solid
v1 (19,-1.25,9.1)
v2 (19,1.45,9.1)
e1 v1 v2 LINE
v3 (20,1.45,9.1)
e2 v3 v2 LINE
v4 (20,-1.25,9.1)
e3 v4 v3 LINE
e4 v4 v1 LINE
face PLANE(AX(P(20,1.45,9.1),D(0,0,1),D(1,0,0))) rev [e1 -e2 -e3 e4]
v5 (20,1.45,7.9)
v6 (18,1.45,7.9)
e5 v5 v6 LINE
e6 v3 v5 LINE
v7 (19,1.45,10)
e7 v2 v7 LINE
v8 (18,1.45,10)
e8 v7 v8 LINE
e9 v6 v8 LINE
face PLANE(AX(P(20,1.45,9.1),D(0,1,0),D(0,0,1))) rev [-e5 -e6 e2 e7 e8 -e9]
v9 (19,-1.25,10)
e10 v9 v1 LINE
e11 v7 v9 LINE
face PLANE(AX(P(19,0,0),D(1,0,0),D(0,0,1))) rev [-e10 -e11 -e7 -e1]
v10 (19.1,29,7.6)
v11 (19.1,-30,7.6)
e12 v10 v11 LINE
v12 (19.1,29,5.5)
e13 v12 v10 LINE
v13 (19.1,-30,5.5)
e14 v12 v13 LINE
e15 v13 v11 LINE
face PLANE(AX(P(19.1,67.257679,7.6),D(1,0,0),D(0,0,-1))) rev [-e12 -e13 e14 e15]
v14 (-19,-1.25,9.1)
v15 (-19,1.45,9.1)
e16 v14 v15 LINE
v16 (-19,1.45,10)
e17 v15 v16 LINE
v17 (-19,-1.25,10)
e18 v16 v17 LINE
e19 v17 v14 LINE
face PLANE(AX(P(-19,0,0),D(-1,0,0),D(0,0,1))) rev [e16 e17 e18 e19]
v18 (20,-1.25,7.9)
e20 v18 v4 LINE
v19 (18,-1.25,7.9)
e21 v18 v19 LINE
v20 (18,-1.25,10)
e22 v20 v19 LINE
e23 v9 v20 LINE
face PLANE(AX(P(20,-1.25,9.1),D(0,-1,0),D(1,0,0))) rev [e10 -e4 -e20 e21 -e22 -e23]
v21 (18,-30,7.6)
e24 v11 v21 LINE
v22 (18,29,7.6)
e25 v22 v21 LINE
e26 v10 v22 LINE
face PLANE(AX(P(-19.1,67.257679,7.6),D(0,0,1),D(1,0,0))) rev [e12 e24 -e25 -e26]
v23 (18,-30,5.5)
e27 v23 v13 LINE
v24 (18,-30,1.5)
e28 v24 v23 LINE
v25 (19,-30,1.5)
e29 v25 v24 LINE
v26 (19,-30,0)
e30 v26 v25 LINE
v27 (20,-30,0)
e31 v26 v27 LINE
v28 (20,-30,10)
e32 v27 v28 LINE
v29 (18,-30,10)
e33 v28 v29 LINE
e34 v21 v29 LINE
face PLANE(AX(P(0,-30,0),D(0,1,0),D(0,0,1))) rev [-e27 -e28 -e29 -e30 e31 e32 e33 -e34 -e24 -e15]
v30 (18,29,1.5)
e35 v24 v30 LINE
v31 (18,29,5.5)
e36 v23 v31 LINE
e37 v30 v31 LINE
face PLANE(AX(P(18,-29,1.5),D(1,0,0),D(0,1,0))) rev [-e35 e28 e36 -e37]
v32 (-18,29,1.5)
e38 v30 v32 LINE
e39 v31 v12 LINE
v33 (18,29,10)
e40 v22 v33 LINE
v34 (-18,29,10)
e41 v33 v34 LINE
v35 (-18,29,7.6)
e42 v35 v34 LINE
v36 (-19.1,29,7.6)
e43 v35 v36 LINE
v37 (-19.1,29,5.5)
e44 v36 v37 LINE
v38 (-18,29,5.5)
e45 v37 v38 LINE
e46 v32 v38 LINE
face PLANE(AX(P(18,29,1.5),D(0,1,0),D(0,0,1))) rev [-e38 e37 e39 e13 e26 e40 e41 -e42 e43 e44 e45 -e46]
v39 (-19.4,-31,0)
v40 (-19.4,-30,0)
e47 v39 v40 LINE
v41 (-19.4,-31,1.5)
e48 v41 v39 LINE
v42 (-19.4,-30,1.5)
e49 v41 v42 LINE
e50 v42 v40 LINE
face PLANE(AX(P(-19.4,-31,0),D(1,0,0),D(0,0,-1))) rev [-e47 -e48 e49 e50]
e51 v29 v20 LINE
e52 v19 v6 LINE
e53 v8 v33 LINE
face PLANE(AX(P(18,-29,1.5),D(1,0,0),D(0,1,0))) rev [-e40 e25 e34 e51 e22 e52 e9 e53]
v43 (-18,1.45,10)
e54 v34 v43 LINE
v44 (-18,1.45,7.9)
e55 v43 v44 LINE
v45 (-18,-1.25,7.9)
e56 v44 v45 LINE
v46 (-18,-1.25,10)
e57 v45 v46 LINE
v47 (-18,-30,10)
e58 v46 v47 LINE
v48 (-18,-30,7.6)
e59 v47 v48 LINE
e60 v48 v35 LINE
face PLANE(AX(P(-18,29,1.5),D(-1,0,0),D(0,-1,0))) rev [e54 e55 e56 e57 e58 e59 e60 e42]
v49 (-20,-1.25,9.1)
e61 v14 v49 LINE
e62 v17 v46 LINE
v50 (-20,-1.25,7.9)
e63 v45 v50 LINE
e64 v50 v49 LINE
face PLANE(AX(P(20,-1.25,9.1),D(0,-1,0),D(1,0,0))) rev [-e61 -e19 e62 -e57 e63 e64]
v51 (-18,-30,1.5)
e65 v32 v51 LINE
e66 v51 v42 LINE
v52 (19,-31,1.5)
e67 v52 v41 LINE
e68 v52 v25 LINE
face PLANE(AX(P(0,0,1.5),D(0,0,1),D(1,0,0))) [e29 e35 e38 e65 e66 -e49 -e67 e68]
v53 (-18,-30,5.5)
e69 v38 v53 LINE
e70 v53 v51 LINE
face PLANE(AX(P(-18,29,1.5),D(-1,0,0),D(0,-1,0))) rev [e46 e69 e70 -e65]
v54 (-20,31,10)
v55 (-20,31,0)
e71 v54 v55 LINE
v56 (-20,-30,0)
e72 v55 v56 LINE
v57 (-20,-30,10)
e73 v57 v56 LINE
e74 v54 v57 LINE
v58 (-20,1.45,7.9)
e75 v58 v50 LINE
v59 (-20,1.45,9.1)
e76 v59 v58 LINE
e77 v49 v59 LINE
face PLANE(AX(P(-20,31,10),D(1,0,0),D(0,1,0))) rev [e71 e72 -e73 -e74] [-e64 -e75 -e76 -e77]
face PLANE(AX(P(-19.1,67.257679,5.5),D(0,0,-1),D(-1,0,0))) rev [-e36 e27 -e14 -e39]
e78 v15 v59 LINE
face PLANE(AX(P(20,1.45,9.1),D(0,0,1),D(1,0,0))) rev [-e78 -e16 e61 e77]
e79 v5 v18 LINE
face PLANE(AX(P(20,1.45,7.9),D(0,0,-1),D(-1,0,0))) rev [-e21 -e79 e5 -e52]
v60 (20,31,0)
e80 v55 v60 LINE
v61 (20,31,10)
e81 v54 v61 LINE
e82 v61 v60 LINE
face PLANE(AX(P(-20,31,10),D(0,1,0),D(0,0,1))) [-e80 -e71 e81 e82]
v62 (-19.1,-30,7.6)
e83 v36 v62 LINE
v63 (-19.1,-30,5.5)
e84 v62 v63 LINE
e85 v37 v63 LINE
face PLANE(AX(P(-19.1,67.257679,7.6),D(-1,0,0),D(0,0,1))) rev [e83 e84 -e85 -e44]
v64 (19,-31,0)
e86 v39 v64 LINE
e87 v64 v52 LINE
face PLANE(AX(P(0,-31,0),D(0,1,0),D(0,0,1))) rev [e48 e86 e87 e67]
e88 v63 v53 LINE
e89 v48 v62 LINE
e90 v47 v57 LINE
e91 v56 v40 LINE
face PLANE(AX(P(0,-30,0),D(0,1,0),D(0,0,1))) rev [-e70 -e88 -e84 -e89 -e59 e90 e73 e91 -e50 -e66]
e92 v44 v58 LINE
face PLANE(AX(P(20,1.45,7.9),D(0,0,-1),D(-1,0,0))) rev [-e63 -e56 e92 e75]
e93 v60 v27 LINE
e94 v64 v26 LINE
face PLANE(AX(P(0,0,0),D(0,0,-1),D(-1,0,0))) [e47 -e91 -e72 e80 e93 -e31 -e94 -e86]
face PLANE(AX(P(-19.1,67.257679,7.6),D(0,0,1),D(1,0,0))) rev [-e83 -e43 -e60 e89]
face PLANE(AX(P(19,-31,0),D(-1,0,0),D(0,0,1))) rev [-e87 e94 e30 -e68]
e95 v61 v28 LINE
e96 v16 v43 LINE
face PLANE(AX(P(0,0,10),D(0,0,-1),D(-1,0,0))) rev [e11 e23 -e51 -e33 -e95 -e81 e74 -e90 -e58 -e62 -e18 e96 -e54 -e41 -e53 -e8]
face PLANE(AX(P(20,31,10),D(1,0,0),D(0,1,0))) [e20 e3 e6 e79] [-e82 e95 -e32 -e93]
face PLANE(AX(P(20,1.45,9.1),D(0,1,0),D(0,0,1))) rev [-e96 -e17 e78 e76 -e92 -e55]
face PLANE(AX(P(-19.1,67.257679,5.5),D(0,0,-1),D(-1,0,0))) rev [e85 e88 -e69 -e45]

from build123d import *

# Parameters (mm, degrees)
SKETCH_1_W          = 40
SKETCH_1_H          = 62
EXTRUDE_1_DEPTH     = 10
SKETCH_2_W          = 36
SKETCH_2_H          = 58
CUT_EXTRUDE_1_DEPTH = 8.5
SKETCH_4_W          = 36
SKETCH_4_H          = 8.5
CUT_EXTRUDE_2_DEPTH = 2
SKETCH_5_W          = 38.2
SKETCH_5_H          = 2.1
CUT_EXTRUDE_3_DEPTH = 60
SKETCH_6_W          = 40
SKETCH_6_H          = 10
CUT_EXTRUDE_4_DEPTH = 1
SKETCH_7_W          = 38.4
SKETCH_7_H          = 1.5
EXTRUDE_2_DEPTH     = 1
SKETCH_8_W          = 1.2
SKETCH_8_H          = 2.7
CUT_EXTRUDE_5_DEPTH = 52.584881506
SKETCH_10_W         = 0.9
SKETCH_10_H         = 2.7
CUT_EXTRUDE_6_DEPTH = 1


with BuildPart() as part:
    # 草图1 → 凸台-拉伸1 (new body)
    with BuildSketch(Plane.XY):
        Rectangle(SKETCH_1_W, SKETCH_1_H)
    extrude(amount=EXTRUDE_1_DEPTH)

    # 草图2 → 切除-拉伸1 (cut)
    with BuildSketch(Plane.XY.offset(10)):
        Rectangle(SKETCH_2_W, SKETCH_2_H)
    extrude(amount=-CUT_EXTRUDE_1_DEPTH, mode=Mode.SUBTRACT)

    # 草图4 → 切除-拉伸2 (cut)
    with BuildSketch(Plane.XZ.offset(31)):
        with Locations((0, 5.75)):
            Rectangle(SKETCH_4_W, SKETCH_4_H)
    extrude(amount=-CUT_EXTRUDE_2_DEPTH, mode=Mode.SUBTRACT)

    # 草图5 → 切除-拉伸3 (cut)
    with BuildSketch(Plane.XZ.offset(31)):
        with Locations((0, 6.55)):
            Rectangle(SKETCH_5_W, SKETCH_5_H)
    extrude(amount=-CUT_EXTRUDE_3_DEPTH, mode=Mode.SUBTRACT)

    # 草图6 → 切除-拉伸4 (cut)
    with BuildSketch(Plane.XZ.offset(31)):
        with Locations((0, 5)):
            Rectangle(SKETCH_6_W, SKETCH_6_H)
    extrude(amount=-CUT_EXTRUDE_4_DEPTH, mode=Mode.SUBTRACT)

    # 草图7 → 凸台-拉伸2 (add)
    with BuildSketch(Plane.XZ.offset(30)):
        with Locations((-0.2, 0.75)):
            Rectangle(SKETCH_7_W, SKETCH_7_H)
    extrude(amount=EXTRUDE_2_DEPTH)

    # 草图8 → 切除-拉伸5 (cut, through all)
    with BuildSketch(Plane.ZY.offset(20)):
        with Locations((8.5, 0.1)):
            Rectangle(SKETCH_8_W, SKETCH_8_H)
    extrude(amount=-CUT_EXTRUDE_5_DEPTH, mode=Mode.SUBTRACT)

    # 草图10 → 切除-拉伸6 (cut)
    with BuildSketch(Plane(origin=(-18, 0, 0), x_dir=(0, 0, -1), z_dir=(1, 0, 0))):
        with Locations((-9.55, 0.1)):
            Rectangle(SKETCH_10_W, SKETCH_10_H)
    cut_extrude_6 = extrude(amount=-CUT_EXTRUDE_6_DEPTH, mode=Mode.SUBTRACT)

    # 镜向1: 切除-拉伸6 across plane
    add(cut_extrude_6.mirror(Plane(origin=(0, 0, 0), x_dir=(0, 0, 1), z_dir=(1, 0, 0))), mode=Mode.SUBTRACT)


solid = part.part
